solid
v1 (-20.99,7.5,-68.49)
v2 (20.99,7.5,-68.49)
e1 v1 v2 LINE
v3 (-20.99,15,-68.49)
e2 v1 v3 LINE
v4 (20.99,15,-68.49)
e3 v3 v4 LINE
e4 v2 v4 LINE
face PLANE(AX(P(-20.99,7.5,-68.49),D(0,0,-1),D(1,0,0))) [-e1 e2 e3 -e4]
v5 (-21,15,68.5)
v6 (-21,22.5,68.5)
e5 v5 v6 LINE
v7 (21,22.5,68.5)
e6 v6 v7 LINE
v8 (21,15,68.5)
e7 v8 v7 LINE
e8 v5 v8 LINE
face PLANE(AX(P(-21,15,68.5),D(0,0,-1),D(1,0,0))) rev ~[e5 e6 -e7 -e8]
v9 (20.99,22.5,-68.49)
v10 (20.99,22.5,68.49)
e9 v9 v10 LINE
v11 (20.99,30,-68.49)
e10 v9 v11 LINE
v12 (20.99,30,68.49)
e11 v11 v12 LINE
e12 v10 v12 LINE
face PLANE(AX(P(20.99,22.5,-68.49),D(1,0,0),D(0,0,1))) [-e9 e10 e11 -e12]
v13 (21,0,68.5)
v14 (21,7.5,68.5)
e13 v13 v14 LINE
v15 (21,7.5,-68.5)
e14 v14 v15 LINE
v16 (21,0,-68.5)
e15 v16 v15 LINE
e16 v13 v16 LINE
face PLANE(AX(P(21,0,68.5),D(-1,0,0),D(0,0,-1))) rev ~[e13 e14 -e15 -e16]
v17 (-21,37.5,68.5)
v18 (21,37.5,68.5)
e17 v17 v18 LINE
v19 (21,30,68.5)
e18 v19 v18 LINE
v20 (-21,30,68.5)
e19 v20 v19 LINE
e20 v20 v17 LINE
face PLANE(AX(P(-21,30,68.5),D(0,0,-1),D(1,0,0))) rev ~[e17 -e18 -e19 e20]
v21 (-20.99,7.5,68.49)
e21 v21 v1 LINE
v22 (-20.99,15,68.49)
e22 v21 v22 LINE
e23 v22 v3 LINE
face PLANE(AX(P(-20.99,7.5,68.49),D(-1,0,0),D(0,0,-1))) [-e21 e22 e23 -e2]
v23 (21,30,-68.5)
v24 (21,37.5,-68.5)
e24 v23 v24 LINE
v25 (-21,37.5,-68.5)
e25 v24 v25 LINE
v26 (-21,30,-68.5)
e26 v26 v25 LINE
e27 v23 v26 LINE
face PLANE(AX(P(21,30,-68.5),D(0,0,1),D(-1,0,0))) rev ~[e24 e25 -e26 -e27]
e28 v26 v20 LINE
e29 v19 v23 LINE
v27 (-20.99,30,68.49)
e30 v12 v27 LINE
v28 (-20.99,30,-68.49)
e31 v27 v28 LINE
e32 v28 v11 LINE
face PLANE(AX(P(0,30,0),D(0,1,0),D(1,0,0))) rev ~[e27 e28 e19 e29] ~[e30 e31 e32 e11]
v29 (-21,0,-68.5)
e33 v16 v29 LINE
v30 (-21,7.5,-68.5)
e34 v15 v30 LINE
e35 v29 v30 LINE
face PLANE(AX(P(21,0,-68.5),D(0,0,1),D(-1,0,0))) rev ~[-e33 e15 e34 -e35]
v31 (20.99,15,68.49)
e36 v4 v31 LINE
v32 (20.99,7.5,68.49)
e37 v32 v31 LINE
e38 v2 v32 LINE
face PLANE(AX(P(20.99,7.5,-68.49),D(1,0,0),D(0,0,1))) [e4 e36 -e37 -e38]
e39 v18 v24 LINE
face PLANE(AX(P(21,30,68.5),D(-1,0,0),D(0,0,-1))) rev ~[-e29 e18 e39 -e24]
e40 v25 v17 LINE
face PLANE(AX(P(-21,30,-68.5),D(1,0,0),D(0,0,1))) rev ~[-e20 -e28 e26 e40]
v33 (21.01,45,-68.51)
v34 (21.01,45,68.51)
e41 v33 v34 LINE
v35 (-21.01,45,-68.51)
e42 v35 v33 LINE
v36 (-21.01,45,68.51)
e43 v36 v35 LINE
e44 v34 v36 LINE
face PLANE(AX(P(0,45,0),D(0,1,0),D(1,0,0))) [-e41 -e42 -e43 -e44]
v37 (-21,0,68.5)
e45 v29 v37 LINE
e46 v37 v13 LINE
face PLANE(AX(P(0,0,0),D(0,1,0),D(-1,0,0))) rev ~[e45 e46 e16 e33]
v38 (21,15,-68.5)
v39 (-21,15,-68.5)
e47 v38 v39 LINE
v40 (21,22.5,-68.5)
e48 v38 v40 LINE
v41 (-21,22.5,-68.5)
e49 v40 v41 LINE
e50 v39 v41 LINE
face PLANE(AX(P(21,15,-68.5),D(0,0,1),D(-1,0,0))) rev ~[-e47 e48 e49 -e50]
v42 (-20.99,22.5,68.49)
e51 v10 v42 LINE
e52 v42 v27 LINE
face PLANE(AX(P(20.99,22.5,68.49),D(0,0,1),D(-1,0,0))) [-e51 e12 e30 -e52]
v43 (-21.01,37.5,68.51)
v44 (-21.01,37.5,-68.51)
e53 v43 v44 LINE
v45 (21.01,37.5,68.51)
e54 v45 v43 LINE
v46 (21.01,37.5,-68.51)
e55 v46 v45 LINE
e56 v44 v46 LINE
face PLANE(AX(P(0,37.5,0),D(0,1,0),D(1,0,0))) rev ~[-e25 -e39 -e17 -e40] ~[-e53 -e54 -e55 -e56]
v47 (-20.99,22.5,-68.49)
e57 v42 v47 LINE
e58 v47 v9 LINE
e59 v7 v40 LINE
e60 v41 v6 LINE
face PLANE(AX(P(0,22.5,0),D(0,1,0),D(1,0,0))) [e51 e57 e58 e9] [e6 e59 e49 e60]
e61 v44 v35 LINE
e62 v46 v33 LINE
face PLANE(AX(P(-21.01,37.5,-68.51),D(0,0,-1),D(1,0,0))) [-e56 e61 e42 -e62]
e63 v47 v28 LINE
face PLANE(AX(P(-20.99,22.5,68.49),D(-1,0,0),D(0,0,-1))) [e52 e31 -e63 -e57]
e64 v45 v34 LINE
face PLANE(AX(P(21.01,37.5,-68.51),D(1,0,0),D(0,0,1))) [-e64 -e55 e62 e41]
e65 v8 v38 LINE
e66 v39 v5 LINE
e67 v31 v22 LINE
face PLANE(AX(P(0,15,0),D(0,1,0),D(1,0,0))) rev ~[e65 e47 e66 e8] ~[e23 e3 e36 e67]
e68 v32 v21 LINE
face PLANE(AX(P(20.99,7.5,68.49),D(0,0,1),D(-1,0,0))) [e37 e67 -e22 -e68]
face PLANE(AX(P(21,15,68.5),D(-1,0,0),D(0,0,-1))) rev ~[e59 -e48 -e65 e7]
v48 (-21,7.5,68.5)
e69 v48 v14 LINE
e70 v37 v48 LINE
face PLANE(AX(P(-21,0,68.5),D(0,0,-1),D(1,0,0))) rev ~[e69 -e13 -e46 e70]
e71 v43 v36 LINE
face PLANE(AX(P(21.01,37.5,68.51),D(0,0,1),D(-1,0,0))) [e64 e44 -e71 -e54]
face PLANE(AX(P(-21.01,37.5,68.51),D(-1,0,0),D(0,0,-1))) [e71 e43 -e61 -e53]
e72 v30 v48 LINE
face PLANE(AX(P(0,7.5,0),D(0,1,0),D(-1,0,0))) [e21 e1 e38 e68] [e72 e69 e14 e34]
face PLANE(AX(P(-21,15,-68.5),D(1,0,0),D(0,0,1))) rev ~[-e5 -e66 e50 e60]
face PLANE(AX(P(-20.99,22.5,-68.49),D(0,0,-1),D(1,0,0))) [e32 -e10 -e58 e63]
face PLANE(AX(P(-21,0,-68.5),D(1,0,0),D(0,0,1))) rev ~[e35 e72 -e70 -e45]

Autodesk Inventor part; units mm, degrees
ref_plane "YZ Plane" through (0, 0, 0) normal (1, 0, 0) x (0, 1, 0)
ref_plane "XZ Plane" through (0, 0, 0) normal (0, 1, 0) x (-1, 0, 0)
ref_plane "XY Plane" through (0, 0, 0) normal (0, 0, 1) x (1, 0, 0)
sketch "Sketch1" plane through (0, 0, 0) normal (0, 1, 0) x (-1, 0, 0)
  line L0 (21, 68.5) -> (-21, 68.5)
  line L1 (-21, 68.5) -> (-21, -68.5)
  line L2 (-21, -68.5) -> (21, -68.5)
  line L3 (21, -68.5) -> (21, 68.5)
  point P0 (0, 0)
  dimension "d0" = 42
  dimension "d1" = 137
  dimension "d2" = 21
  dimension "d3" = 68.5
extrude "Extrusion1" add sketch "Sketch1" along normal blind 7.5
sketch "Sketch3" plane through (0, 7.5, 0) normal (0, 1, 0) x (1, 0, 0)
  line L0 (21, -68.5) -> (21, 68.5) projected
  line L1 (21, 68.5) -> (-21, 68.5) projected
  line L2 (-21, 68.5) -> (-21, -68.5) projected
  line L3 (-21, -68.5) -> (21, -68.5) projected
  line L4 (-20.99, -68.49) -> (-20.99, 68.49)
  line L5 (-20.99, 68.49) -> (20.99, 68.49)
  line L6 (20.99, 68.49) -> (20.99, -68.49)
  line L7 (20.99, -68.49) -> (-20.99, -68.49)
  point P0 (0, 0)
  dimension "d6" = 0.01
extrude "Extrusion2" add sketch "Sketch3" along normal blind 7.5 contours L4 L5 L6 L7
sketch "Sketch4" plane through (0, 15, 0) normal (0, 1, 0) x (1, 0, 0)
  line L0 (20.99, -68.49) -> (-20.99, -68.49) projected
  line L1 (-20.99, -68.49) -> (-20.99, 68.49) projected
  line L2 (-20.99, 68.49) -> (20.99, 68.49) projected
  line L3 (20.99, 68.49) -> (20.99, -68.49) projected
  line L4 (21, -68.5) -> (21, 68.5) projected
  line L5 (21, 68.5) -> (-21, 68.5) projected
  line L6 (-21, 68.5) -> (-21, -68.5) projected
  line L7 (-21, -68.5) -> (21, -68.5) projected
  point P0 (0, 0)
extrude "Extrusion3" add sketch "Sketch4" along normal blind 7.5 contours L0 L1 L2 L3 | L7 L6 L5 L4
sketch "Sketch5" plane through (0, 22.5, 0) normal (0, 1, 0) x (1, 0, 0)
  line L0 (21, 68.5) -> (-21, 68.5) projected
  line L1 (-21, 68.5) -> (-21, -68.5) projected
  line L2 (-21, -68.5) -> (21, -68.5) projected
  line L3 (21, -68.5) -> (21, 68.5) projected
  line L4 (-20.99, -68.49) -> (-20.99, 68.49)
  line L5 (-20.99, 68.49) -> (20.99, 68.49)
  line L6 (20.99, 68.49) -> (20.99, -68.49)
  line L7 (20.99, -68.49) -> (-20.99, -68.49)
  point P0 (0, 0)
  dimension "d11" = 0.01
extrude "Extrusion4" add sketch "Sketch5" along normal blind 7.5 contours L4 L5 L6 L7
sketch "Sketch6" plane through (0, 30, 0) normal (0, 1, 0) x (1, 0, 0)
  line L0 (20.99, -68.49) -> (-20.99, -68.49) projected
  line L1 (-20.99, -68.49) -> (-20.99, 68.49) projected
  line L2 (-20.99, 68.49) -> (20.99, 68.49) projected
  line L3 (20.99, 68.49) -> (20.99, -68.49) projected
  line L4 (21, 68.5) -> (-21, 68.5) projected
  line L5 (-21, 68.5) -> (-21, -68.5) projected
  line L6 (-21, -68.5) -> (21, -68.5) projected
  line L7 (21, -68.5) -> (21, 68.5) projected
  point P0 (0, 0)
extrude "Extrusion5" add sketch "Sketch6" along normal blind 7.5 contours L0 L1 L2 L3 | L7 L6 L5 L4
sketch "Sketch7" plane through (0, 37.5, 0) normal (0, 1, 0) x (1, 0, 0)
  line L0 (-21, 68.5) -> (-21, -68.5) projected
  line L1 (-21, -68.5) -> (21, -68.5) projected
  line L2 (21, -68.5) -> (21, 68.5) projected
  line L3 (21, 68.5) -> (-21, 68.5) projected
  line L4 (-21.01, -68.51) -> (-21.01, 68.51)
  line L5 (-21.01, 68.51) -> (21.01, 68.51)
  line L6 (21.01, 68.51) -> (21.01, -68.51)
  line L7 (21.01, -68.51) -> (-21.01, -68.51)
  point P0 (0, 0)
  dimension "d16" = 0.01
extrude "Extrusion6" add sketch "Sketch7" along normal blind 7.5 contours L3 L2 L1 L0 | L4 L5 L6 L7
equation "\"d2\" = 0.5 * d0"
equation "\"d3\" = 0.5 * d1"
properties part number "Battery_model"
